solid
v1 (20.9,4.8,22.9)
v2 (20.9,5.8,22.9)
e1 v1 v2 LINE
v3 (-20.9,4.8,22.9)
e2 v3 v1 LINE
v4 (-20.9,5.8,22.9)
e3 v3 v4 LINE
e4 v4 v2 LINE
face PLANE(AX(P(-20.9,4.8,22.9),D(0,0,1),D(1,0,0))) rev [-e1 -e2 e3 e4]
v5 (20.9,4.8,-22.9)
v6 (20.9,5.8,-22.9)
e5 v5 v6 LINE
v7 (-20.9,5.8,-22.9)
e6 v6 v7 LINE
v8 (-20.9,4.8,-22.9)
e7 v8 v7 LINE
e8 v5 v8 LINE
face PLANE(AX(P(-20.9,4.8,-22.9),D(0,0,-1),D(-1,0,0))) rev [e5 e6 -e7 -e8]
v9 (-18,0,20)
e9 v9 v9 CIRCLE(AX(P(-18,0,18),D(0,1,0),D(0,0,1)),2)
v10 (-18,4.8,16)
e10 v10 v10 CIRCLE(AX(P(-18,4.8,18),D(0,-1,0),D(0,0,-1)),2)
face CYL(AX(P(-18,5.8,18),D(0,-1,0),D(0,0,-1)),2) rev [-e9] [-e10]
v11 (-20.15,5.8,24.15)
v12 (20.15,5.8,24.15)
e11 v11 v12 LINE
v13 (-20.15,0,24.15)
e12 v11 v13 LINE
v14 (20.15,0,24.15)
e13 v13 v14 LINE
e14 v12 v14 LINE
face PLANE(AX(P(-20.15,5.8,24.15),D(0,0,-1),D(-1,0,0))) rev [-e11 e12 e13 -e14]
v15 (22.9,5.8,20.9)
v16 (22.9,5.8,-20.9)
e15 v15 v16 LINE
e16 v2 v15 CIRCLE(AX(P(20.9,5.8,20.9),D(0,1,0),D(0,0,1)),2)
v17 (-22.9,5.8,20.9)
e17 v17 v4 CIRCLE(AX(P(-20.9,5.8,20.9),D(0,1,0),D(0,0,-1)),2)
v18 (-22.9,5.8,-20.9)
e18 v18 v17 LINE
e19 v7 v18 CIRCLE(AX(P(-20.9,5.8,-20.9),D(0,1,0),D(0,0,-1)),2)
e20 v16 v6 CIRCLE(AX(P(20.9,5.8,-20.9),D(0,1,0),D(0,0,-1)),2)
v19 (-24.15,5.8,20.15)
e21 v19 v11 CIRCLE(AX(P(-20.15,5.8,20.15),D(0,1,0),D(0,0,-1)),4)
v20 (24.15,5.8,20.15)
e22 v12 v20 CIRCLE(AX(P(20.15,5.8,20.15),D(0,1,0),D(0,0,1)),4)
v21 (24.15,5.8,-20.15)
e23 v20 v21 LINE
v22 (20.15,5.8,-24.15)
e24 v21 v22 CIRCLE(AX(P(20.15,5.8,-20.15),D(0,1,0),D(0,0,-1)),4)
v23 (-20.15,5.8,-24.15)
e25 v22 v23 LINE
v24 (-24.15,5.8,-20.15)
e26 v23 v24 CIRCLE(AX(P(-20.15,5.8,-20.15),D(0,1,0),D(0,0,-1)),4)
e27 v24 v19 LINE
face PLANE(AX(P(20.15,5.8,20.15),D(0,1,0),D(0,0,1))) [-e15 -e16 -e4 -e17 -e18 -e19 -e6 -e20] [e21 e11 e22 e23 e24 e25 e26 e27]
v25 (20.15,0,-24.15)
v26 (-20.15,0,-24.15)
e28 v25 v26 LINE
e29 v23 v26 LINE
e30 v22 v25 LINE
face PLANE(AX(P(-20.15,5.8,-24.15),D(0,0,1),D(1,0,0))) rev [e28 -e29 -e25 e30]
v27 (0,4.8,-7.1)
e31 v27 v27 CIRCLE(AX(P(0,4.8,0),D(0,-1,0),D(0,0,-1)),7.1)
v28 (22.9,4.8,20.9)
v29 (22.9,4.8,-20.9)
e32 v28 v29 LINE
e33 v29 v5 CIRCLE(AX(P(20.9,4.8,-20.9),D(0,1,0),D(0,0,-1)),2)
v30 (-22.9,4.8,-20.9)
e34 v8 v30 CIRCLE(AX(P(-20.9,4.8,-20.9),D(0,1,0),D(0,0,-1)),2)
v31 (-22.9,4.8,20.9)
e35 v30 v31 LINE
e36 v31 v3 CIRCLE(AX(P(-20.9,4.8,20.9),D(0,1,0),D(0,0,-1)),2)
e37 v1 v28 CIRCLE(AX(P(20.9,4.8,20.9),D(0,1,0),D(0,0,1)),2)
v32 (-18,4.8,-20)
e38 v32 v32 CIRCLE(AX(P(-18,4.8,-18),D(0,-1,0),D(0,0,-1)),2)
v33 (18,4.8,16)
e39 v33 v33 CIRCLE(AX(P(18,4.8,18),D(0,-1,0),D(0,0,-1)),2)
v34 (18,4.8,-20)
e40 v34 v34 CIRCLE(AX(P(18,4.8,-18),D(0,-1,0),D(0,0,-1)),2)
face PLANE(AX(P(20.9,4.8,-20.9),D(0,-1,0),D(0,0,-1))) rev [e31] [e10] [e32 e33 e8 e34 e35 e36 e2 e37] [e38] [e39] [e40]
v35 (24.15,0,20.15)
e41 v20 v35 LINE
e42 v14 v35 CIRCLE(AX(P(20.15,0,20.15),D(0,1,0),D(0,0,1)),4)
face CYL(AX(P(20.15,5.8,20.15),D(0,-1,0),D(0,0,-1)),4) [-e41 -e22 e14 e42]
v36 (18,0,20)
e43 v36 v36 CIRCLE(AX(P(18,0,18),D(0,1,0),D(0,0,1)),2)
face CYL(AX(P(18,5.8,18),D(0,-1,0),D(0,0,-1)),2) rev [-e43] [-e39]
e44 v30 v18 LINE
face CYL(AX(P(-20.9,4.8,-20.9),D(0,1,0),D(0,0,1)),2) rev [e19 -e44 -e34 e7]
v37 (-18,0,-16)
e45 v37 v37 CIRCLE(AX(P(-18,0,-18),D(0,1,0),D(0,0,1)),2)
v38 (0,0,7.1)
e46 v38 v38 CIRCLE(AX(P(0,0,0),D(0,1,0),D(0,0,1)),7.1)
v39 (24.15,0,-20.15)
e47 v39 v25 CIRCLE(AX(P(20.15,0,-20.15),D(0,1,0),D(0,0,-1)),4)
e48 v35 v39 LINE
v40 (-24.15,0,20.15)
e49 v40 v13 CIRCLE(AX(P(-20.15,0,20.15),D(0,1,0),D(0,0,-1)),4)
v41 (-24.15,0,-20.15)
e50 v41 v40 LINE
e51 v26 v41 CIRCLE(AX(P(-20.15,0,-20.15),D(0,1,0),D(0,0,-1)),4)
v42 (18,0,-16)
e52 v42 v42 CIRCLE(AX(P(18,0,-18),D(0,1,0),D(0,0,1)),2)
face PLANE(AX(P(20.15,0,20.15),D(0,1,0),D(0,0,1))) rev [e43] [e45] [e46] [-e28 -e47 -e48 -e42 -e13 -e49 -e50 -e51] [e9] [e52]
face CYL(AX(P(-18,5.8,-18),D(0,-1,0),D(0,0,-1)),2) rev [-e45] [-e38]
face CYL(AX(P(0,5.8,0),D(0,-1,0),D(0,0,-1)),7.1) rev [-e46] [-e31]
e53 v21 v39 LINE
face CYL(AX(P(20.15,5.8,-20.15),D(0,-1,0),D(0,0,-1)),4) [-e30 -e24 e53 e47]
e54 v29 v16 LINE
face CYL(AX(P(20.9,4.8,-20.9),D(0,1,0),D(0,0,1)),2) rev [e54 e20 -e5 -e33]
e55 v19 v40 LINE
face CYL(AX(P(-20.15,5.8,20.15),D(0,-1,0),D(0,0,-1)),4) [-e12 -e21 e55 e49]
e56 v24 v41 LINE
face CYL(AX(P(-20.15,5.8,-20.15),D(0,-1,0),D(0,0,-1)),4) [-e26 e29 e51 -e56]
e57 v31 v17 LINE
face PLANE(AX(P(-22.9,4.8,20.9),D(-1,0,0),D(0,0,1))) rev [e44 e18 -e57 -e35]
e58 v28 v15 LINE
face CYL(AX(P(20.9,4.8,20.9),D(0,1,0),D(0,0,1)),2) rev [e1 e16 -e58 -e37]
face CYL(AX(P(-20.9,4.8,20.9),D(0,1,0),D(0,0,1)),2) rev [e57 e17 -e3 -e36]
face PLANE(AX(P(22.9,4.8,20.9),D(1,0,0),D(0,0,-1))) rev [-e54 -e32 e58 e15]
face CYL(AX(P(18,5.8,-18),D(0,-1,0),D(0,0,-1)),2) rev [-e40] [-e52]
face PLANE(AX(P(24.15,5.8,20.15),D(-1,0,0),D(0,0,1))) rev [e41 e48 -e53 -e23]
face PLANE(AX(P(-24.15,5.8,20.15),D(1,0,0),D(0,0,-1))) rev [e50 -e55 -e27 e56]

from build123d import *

# Parameters (mm, degrees)
IZIM1_R                     = 7.1
IZIM1_R_2                   = 2
Y_KSEKLIK_EKSTR_ZYON1_DEPTH = 5.8
KES_EKSTR_ZYON1_DEPTH       = 1


with BuildPart() as part:
    # Çizim1 → Yükseklik-Ekstrüzyon1 (new body)
    with BuildSketch(Plane(origin=(0, 0, 0), x_dir=(1, 0, 0), z_dir=(0, 1, 0))):
        with BuildLine():
            Line((-20.15, -24.15), (20.15, -24.15))
            ThreePointArc((20.15, -24.15), (22.978427125, -22.978427125), (24.15, -20.15))
            Line((24.15, -20.15), (24.15, 20.15))
            ThreePointArc((24.15, 20.15), (22.978427125, 22.978427125), (20.15, 24.15))
            Line((20.15, 24.15), (-20.15, 24.15))
            ThreePointArc((-20.15, 24.15), (-22.978427125, 22.978427125), (-24.15, 20.15))
            Line((-24.15, 20.15), (-24.15, -20.15))
            ThreePointArc((-24.15, -20.15), (-22.978427125, -22.978427125), (-20.15, -24.15))
        make_face()
        Circle(IZIM1_R, mode=Mode.SUBTRACT)
        with Locations((-18, 18)):
            Circle(IZIM1_R_2, mode=Mode.SUBTRACT)
        with Locations((-18, -18)):
            Circle(IZIM1_R_2, mode=Mode.SUBTRACT)
        with Locations((18, -18)):
            Circle(IZIM1_R_2, mode=Mode.SUBTRACT)
        with Locations((18, 18)):
            Circle(IZIM1_R_2, mode=Mode.SUBTRACT)
    extrude(amount=Y_KSEKLIK_EKSTR_ZYON1_DEPTH)

    # Çizim2 → Kes-Ekstrüzyon1 (cut)
    with BuildSketch(Plane(origin=(0, 5.8, 0), x_dir=(1, 0, 0), z_dir=(0, 1, 0))):
        with BuildLine():
            Line((-20.9, -22.9), (20.9, -22.9))
            ThreePointArc((20.9, -22.9), (22.314213562, -22.314213562), (22.9, -20.9))
            Line((22.9, -20.9), (22.9, 20.9))
            ThreePointArc((22.9, 20.9), (22.314213562, 22.314213562), (20.9, 22.9))
            Line((20.9, 22.9), (-20.9, 22.9))
            ThreePointArc((-20.9, 22.9), (-22.314213562, 22.314213562), (-22.9, 20.9))
            Line((-22.9, 20.9), (-22.9, -20.9))
            ThreePointArc((-22.9, -20.9), (-22.314213562, -22.314213562), (-20.9, -22.9))
        make_face()
    extrude(amount=-KES_EKSTR_ZYON1_DEPTH, mode=Mode.SUBTRACT)


solid = part.part
